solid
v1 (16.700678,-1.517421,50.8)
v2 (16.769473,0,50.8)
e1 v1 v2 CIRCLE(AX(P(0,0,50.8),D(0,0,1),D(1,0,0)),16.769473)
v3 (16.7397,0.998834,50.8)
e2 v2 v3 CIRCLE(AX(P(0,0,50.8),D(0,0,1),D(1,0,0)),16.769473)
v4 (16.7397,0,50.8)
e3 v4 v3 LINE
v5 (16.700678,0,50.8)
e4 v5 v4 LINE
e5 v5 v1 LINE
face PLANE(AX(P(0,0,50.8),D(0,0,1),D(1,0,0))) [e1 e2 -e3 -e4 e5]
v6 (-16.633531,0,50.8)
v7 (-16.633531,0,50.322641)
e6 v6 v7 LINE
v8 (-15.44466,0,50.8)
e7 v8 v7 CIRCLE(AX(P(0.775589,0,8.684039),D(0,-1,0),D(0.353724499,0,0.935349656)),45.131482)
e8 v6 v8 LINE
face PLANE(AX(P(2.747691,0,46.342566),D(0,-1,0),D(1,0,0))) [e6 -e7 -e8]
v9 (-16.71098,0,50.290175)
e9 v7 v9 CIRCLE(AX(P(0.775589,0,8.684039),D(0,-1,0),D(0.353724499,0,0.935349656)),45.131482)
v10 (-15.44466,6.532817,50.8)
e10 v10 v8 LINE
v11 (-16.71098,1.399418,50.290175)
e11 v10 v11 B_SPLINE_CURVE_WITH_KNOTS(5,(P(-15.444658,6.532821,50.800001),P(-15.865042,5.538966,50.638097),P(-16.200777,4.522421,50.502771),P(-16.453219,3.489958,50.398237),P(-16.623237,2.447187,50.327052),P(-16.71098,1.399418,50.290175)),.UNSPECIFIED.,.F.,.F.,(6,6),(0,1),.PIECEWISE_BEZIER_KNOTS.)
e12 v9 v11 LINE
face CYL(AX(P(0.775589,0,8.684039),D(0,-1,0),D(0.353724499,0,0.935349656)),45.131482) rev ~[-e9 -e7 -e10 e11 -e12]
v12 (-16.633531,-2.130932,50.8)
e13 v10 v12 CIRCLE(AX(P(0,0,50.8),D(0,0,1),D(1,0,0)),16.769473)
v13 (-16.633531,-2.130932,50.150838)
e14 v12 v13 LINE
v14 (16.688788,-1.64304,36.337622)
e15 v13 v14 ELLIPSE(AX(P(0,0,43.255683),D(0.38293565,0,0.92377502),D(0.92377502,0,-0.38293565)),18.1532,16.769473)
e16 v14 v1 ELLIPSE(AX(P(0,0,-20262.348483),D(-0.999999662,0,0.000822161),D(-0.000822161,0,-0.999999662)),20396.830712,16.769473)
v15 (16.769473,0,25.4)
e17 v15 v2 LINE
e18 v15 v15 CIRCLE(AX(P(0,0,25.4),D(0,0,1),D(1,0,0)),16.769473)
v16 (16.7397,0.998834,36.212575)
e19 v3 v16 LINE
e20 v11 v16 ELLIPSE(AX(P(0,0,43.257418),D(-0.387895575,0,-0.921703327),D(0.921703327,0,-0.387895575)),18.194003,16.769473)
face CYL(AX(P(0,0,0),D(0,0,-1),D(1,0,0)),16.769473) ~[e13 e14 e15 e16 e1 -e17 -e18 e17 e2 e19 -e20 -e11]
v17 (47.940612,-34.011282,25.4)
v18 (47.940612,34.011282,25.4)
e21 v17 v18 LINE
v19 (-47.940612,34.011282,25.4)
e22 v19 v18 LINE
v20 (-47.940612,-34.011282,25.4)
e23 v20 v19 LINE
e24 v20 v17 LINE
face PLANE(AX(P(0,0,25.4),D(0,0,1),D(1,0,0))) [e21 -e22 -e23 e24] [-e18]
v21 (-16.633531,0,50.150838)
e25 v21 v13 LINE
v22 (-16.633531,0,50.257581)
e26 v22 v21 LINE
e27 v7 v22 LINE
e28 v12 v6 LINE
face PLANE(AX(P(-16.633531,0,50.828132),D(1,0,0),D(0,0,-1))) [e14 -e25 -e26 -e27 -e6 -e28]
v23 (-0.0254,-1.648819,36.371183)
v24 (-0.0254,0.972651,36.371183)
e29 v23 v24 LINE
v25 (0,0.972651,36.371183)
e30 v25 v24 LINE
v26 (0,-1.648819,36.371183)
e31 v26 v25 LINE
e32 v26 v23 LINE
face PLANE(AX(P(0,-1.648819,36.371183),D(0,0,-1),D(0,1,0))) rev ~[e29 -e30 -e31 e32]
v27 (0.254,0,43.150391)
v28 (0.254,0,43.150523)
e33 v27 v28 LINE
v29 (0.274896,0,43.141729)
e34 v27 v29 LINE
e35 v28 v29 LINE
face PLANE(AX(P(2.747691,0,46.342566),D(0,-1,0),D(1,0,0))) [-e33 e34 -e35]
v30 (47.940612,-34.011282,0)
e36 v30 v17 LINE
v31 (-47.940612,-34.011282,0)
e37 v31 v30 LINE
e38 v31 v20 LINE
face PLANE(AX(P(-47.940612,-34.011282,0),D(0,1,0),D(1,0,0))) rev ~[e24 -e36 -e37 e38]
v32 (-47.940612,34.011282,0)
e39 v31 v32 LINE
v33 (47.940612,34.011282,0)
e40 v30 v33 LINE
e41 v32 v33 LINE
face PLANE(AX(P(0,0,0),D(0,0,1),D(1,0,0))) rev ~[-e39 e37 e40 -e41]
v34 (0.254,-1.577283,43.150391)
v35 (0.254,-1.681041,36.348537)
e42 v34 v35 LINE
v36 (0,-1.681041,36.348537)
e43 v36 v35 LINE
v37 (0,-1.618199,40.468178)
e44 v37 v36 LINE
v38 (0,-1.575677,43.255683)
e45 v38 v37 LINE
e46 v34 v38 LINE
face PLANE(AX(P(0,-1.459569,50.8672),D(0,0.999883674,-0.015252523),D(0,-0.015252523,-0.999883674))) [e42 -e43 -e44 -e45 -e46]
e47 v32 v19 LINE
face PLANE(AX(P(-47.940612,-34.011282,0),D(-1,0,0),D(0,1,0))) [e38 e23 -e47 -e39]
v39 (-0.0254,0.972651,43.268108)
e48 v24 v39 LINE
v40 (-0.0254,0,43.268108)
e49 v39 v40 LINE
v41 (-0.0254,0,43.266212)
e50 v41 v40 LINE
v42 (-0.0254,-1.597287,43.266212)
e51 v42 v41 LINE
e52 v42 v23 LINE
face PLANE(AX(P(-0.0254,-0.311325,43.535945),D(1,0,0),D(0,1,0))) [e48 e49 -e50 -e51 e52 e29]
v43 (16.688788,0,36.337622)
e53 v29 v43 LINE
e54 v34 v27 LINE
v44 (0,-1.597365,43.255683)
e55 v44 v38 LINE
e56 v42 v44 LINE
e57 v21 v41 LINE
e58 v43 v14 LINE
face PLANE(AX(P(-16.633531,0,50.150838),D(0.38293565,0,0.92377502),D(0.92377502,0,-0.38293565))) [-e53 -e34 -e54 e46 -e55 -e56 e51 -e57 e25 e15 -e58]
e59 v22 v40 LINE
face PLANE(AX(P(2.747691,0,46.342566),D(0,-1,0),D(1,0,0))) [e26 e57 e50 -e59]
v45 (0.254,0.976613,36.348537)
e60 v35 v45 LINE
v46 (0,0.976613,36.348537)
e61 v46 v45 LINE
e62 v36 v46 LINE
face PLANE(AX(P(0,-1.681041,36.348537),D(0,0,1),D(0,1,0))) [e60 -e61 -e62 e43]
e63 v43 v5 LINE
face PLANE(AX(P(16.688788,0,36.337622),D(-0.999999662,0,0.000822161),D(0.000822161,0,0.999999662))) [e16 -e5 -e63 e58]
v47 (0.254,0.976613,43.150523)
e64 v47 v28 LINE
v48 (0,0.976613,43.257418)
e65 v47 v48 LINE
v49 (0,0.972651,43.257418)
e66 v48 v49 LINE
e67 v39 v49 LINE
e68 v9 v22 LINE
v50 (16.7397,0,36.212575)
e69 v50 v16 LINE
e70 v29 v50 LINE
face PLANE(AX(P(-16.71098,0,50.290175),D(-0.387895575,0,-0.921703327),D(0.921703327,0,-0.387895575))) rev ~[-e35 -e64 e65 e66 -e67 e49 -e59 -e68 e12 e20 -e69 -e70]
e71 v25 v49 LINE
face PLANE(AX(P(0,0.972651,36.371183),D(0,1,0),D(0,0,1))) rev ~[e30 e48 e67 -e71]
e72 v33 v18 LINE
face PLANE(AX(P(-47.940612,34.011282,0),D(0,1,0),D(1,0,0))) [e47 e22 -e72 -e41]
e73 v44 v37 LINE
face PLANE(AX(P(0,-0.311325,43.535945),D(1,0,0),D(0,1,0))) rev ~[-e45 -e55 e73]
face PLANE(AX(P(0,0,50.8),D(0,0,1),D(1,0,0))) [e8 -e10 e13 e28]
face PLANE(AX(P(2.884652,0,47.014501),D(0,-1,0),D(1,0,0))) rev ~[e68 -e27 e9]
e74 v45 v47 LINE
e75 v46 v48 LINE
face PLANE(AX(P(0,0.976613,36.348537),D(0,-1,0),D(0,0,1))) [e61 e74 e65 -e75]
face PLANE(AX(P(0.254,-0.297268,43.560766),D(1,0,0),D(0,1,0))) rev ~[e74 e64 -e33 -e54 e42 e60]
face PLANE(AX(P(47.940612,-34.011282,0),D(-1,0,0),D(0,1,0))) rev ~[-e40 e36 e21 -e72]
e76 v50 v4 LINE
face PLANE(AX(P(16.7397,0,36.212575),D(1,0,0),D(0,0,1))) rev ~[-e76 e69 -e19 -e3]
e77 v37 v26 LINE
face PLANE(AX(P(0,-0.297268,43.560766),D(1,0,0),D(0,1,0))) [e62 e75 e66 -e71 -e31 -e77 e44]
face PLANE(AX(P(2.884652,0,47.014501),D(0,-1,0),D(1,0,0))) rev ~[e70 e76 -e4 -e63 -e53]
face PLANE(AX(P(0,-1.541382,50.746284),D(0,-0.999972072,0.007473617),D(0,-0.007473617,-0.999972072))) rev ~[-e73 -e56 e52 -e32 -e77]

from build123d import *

# Parameters (mm, degrees)
F0_W      = 95.881224
F0_H      = 68.022564
F0_R      = 16.769473
F1_DEPTH  = 25.4
F2_DEPTH  = 50.8
F4_DEPTH  = 25.4
F6_DEPTH  = 25.4
F8_DEPTH  = 0.254
F10_DEPTH = 0.0254


with BuildPart() as f1:
    # F0 (on Top) → F1 (new body)
    with BuildSketch(Plane.XY):
        Rectangle(F0_W, F0_H)
        Circle(F0_R, mode=Mode.SUBTRACT)
    extrude(amount=F1_DEPTH)

    # F0 (on Top) → F2 (join)
    with BuildSketch(Plane.XY):
        Circle(F0_R)
    extrude(amount=F2_DEPTH)

    # F3 (on Front) → F4 (cut)
    with BuildSketch(Plane.XZ):
        with BuildLine():
            ThreePointArc((16.7397, 50.897755), (-0.044019, 53.808078), (-16.71098, 50.290175))
            Line((-16.71098, 50.290175), (16.7397, 36.212575))
            Line((16.7397, 36.212575), (16.7397, 50.897755))
        make_face()
    extrude(amount=-F4_DEPTH, mode=Mode.SUBTRACT)

    # F5 (on Front) → F6 (cut)
    with BuildSketch(Plane.XZ):
        Polygon((-16.633531, 50.150838), (16.688788, 36.337622), (16.700679, 50.800726), (-16.633531, 50.828132), align=None)
    extrude(amount=F6_DEPTH, mode=Mode.SUBTRACT)

    # F7 (on Right) → F8 (cut)
    with BuildSketch(Plane.YZ):
        Polygon((-1.459569, 50.8672), (-1.681041, 36.348537), (0.976613, 36.348537), (0.976613, 50.8672), align=None)
    extrude(amount=F8_DEPTH, mode=Mode.SUBTRACT)

    # F9 (on Right) → F10 (cut)
    with BuildSketch(Plane.YZ):
        Polygon((-1.541382, 50.746284), (-1.648819, 36.371183), (0.972651, 36.371183), (0.972651, 50.746284), align=None)
    extrude(amount=-F10_DEPTH, mode=Mode.SUBTRACT)


solid = f1.part
